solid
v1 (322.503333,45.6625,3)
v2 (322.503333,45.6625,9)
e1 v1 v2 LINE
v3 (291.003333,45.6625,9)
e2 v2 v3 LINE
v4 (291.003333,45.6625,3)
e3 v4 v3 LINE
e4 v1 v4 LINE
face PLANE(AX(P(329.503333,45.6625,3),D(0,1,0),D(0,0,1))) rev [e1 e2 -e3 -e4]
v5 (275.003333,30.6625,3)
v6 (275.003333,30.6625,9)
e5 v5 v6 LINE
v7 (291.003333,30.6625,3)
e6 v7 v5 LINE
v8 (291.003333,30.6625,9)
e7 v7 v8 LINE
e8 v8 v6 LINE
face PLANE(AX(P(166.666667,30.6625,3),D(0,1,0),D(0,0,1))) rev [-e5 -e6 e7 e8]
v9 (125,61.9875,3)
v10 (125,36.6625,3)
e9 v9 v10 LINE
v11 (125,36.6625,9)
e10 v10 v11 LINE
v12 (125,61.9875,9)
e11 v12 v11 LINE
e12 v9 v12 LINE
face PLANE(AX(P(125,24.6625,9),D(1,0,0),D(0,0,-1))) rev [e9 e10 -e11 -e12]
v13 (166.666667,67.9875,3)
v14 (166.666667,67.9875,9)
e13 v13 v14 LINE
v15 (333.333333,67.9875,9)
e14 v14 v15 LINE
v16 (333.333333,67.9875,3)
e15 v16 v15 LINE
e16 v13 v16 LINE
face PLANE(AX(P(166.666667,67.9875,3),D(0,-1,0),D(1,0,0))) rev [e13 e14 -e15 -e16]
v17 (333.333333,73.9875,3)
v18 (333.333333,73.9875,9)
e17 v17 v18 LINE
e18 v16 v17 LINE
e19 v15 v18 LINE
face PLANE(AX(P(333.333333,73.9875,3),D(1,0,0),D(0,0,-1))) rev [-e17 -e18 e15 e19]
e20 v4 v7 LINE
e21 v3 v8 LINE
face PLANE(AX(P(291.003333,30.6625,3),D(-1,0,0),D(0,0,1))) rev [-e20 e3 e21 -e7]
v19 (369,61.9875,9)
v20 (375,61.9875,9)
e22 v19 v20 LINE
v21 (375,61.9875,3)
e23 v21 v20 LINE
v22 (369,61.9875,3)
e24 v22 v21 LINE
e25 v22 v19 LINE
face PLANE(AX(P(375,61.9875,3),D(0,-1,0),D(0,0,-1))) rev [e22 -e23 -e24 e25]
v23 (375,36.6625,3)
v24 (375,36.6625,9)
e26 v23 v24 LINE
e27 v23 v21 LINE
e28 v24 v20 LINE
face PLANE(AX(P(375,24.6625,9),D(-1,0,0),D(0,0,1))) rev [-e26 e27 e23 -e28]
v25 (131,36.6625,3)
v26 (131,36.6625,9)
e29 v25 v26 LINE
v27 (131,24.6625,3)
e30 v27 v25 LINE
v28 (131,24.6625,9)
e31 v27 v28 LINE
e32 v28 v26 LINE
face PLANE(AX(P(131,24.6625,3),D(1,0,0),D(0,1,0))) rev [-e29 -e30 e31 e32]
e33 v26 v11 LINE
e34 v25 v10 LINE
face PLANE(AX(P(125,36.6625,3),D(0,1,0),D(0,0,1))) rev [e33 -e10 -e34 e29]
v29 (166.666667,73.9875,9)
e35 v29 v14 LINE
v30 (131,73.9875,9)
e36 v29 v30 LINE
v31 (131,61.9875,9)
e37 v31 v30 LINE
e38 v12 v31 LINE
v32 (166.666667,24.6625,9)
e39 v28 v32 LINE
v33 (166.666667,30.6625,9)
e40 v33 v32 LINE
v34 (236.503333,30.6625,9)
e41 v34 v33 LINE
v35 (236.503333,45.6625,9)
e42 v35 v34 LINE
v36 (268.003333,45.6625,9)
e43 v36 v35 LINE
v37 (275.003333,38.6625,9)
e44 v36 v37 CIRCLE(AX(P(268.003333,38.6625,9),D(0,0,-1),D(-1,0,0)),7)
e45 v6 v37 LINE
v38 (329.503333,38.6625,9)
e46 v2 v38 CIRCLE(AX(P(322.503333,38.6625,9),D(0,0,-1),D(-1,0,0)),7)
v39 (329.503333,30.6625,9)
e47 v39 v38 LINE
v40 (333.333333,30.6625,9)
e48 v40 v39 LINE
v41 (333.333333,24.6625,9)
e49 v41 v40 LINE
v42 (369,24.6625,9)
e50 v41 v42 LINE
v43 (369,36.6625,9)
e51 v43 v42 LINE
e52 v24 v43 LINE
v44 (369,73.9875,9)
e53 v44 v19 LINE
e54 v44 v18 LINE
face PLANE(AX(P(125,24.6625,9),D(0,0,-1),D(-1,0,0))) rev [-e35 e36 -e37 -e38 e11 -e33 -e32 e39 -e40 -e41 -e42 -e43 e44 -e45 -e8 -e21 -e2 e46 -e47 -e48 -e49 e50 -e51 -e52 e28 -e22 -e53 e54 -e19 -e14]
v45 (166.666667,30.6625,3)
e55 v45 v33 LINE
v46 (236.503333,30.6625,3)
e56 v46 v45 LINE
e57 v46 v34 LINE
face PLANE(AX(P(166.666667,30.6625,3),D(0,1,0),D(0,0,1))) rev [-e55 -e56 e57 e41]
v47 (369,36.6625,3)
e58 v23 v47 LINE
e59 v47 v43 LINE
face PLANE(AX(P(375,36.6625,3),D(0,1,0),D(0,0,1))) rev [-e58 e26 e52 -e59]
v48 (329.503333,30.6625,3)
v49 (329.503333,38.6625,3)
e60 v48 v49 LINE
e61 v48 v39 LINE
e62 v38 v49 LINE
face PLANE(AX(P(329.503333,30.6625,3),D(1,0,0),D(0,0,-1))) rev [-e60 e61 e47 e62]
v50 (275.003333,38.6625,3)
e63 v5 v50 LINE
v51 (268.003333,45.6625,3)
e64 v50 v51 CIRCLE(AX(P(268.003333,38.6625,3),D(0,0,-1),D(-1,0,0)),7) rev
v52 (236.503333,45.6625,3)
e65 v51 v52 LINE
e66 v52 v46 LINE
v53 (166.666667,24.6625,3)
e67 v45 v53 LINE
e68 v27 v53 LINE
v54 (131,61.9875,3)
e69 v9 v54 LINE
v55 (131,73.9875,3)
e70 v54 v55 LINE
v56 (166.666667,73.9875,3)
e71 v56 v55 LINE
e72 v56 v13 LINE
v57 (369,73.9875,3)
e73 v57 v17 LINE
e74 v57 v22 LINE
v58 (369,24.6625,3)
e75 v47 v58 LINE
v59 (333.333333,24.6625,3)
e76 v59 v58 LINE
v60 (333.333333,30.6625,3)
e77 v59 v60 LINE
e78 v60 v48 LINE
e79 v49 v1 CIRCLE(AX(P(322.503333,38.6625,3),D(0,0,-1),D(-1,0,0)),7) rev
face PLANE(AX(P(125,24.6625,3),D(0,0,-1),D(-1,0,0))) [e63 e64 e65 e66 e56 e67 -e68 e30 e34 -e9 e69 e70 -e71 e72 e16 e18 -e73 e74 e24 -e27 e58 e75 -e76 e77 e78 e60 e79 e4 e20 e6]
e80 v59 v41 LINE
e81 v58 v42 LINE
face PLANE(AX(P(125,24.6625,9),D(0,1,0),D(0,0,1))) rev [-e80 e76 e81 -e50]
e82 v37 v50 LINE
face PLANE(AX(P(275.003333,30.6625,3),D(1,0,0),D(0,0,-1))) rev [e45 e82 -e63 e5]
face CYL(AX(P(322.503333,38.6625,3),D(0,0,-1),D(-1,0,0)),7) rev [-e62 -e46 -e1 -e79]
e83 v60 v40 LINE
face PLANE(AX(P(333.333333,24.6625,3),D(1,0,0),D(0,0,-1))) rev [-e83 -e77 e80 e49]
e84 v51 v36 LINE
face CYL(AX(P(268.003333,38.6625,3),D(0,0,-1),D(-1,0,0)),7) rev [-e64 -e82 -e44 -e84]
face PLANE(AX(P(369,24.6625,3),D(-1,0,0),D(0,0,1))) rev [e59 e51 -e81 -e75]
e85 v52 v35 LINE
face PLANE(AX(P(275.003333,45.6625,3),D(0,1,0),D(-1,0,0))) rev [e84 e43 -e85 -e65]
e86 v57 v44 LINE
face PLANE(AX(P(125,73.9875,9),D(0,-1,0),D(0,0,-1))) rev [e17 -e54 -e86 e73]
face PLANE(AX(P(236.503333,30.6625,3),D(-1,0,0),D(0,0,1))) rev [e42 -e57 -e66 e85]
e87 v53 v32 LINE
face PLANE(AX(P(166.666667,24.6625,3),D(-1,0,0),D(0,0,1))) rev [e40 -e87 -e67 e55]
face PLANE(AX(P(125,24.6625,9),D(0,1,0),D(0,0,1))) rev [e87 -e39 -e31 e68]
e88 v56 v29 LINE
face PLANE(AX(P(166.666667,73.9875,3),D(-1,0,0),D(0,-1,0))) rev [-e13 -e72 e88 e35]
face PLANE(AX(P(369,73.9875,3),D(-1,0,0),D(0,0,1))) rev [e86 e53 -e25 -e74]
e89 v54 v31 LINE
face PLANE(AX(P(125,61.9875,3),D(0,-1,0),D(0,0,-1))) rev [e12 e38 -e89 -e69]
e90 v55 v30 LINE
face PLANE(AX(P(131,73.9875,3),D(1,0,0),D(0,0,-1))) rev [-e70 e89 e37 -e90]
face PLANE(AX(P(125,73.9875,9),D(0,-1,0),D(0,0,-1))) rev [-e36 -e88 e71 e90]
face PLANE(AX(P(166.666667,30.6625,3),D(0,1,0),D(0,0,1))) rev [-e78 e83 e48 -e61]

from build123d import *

# Parameters (mm, degrees)
SKETCH1_W           = 500
SKETCH1_H           = 98.65
BOSS_EXTRUDE1_DEPTH = 12
SKETCH2_W           = 12
SKETCH2_H           = 24
SKETCH2_W_2         = 333.333333334
SKETCH2_H_2         = 12
CUT_EXTRUDE1_DEPTH  = 510.78017076
SCALE1_SCALE        = 0.5
SKETCH3_W           = 38.5
SKETCH3_H           = 15
CUT_EXTRUDE2_DEPTH  = 383.276274645
FILLET1_R           = 7


with BuildPart() as part:
    # Sketch1 → Boss-Extrude1 (new body)
    with BuildSketch(Plane.XY):
        with Locations((250, 49.325)):
            Rectangle(SKETCH1_W, SKETCH1_H)
    extrude(amount=BOSS_EXTRUDE1_DEPTH)

    # Sketch2 → Cut-Extrude1 (cut, through all)
    with BuildSketch(Plane.XY.offset(12)):
        with Locations((494, 86.65)):
            Rectangle(SKETCH2_W, SKETCH2_H)
        with Locations((494, 12)):
            Rectangle(SKETCH2_W, SKETCH2_H)
        with Locations((6, 12)):
            Rectangle(SKETCH2_W, SKETCH2_H)
        with Locations((6, 86.65)):
            Rectangle(SKETCH2_W, SKETCH2_H)
        with Locations((250, 92.65)):
            Rectangle(SKETCH2_W_2, SKETCH2_H_2)
        with Locations((250, 6)):
            Rectangle(SKETCH2_W_2, SKETCH2_H_2)
    extrude(amount=-CUT_EXTRUDE1_DEPTH, mode=Mode.SUBTRACT)


with BuildPart() as part_1:
    # Scale1: scaled about (250, 49.325, 6)
    add(part.part.scale(SCALE1_SCALE).moved(Location((125, 24.6625, 3))))

    # Sketch3 → Cut-Extrude2 (cut, through all)
    with BuildSketch(Plane.XY.offset(9)):
        with Locations((310.253333333, 38.1625)):
            Rectangle(SKETCH3_W, SKETCH3_H)
        with Locations((255.753333333, 38.1625)):
            Rectangle(SKETCH3_W, SKETCH3_H)
    extrude(amount=-CUT_EXTRUDE2_DEPTH, mode=Mode.SUBTRACT)

    # Fillet1
    fillet1_edges = [part_1.edges().sort_by_distance(p)[0] for p in [
        (329.503333333, 45.6625, 6),
        (275.003333333, 45.6625, 6),
    ]]
    fillet(fillet1_edges, radius=FILLET1_R)


solid = part_1.part
